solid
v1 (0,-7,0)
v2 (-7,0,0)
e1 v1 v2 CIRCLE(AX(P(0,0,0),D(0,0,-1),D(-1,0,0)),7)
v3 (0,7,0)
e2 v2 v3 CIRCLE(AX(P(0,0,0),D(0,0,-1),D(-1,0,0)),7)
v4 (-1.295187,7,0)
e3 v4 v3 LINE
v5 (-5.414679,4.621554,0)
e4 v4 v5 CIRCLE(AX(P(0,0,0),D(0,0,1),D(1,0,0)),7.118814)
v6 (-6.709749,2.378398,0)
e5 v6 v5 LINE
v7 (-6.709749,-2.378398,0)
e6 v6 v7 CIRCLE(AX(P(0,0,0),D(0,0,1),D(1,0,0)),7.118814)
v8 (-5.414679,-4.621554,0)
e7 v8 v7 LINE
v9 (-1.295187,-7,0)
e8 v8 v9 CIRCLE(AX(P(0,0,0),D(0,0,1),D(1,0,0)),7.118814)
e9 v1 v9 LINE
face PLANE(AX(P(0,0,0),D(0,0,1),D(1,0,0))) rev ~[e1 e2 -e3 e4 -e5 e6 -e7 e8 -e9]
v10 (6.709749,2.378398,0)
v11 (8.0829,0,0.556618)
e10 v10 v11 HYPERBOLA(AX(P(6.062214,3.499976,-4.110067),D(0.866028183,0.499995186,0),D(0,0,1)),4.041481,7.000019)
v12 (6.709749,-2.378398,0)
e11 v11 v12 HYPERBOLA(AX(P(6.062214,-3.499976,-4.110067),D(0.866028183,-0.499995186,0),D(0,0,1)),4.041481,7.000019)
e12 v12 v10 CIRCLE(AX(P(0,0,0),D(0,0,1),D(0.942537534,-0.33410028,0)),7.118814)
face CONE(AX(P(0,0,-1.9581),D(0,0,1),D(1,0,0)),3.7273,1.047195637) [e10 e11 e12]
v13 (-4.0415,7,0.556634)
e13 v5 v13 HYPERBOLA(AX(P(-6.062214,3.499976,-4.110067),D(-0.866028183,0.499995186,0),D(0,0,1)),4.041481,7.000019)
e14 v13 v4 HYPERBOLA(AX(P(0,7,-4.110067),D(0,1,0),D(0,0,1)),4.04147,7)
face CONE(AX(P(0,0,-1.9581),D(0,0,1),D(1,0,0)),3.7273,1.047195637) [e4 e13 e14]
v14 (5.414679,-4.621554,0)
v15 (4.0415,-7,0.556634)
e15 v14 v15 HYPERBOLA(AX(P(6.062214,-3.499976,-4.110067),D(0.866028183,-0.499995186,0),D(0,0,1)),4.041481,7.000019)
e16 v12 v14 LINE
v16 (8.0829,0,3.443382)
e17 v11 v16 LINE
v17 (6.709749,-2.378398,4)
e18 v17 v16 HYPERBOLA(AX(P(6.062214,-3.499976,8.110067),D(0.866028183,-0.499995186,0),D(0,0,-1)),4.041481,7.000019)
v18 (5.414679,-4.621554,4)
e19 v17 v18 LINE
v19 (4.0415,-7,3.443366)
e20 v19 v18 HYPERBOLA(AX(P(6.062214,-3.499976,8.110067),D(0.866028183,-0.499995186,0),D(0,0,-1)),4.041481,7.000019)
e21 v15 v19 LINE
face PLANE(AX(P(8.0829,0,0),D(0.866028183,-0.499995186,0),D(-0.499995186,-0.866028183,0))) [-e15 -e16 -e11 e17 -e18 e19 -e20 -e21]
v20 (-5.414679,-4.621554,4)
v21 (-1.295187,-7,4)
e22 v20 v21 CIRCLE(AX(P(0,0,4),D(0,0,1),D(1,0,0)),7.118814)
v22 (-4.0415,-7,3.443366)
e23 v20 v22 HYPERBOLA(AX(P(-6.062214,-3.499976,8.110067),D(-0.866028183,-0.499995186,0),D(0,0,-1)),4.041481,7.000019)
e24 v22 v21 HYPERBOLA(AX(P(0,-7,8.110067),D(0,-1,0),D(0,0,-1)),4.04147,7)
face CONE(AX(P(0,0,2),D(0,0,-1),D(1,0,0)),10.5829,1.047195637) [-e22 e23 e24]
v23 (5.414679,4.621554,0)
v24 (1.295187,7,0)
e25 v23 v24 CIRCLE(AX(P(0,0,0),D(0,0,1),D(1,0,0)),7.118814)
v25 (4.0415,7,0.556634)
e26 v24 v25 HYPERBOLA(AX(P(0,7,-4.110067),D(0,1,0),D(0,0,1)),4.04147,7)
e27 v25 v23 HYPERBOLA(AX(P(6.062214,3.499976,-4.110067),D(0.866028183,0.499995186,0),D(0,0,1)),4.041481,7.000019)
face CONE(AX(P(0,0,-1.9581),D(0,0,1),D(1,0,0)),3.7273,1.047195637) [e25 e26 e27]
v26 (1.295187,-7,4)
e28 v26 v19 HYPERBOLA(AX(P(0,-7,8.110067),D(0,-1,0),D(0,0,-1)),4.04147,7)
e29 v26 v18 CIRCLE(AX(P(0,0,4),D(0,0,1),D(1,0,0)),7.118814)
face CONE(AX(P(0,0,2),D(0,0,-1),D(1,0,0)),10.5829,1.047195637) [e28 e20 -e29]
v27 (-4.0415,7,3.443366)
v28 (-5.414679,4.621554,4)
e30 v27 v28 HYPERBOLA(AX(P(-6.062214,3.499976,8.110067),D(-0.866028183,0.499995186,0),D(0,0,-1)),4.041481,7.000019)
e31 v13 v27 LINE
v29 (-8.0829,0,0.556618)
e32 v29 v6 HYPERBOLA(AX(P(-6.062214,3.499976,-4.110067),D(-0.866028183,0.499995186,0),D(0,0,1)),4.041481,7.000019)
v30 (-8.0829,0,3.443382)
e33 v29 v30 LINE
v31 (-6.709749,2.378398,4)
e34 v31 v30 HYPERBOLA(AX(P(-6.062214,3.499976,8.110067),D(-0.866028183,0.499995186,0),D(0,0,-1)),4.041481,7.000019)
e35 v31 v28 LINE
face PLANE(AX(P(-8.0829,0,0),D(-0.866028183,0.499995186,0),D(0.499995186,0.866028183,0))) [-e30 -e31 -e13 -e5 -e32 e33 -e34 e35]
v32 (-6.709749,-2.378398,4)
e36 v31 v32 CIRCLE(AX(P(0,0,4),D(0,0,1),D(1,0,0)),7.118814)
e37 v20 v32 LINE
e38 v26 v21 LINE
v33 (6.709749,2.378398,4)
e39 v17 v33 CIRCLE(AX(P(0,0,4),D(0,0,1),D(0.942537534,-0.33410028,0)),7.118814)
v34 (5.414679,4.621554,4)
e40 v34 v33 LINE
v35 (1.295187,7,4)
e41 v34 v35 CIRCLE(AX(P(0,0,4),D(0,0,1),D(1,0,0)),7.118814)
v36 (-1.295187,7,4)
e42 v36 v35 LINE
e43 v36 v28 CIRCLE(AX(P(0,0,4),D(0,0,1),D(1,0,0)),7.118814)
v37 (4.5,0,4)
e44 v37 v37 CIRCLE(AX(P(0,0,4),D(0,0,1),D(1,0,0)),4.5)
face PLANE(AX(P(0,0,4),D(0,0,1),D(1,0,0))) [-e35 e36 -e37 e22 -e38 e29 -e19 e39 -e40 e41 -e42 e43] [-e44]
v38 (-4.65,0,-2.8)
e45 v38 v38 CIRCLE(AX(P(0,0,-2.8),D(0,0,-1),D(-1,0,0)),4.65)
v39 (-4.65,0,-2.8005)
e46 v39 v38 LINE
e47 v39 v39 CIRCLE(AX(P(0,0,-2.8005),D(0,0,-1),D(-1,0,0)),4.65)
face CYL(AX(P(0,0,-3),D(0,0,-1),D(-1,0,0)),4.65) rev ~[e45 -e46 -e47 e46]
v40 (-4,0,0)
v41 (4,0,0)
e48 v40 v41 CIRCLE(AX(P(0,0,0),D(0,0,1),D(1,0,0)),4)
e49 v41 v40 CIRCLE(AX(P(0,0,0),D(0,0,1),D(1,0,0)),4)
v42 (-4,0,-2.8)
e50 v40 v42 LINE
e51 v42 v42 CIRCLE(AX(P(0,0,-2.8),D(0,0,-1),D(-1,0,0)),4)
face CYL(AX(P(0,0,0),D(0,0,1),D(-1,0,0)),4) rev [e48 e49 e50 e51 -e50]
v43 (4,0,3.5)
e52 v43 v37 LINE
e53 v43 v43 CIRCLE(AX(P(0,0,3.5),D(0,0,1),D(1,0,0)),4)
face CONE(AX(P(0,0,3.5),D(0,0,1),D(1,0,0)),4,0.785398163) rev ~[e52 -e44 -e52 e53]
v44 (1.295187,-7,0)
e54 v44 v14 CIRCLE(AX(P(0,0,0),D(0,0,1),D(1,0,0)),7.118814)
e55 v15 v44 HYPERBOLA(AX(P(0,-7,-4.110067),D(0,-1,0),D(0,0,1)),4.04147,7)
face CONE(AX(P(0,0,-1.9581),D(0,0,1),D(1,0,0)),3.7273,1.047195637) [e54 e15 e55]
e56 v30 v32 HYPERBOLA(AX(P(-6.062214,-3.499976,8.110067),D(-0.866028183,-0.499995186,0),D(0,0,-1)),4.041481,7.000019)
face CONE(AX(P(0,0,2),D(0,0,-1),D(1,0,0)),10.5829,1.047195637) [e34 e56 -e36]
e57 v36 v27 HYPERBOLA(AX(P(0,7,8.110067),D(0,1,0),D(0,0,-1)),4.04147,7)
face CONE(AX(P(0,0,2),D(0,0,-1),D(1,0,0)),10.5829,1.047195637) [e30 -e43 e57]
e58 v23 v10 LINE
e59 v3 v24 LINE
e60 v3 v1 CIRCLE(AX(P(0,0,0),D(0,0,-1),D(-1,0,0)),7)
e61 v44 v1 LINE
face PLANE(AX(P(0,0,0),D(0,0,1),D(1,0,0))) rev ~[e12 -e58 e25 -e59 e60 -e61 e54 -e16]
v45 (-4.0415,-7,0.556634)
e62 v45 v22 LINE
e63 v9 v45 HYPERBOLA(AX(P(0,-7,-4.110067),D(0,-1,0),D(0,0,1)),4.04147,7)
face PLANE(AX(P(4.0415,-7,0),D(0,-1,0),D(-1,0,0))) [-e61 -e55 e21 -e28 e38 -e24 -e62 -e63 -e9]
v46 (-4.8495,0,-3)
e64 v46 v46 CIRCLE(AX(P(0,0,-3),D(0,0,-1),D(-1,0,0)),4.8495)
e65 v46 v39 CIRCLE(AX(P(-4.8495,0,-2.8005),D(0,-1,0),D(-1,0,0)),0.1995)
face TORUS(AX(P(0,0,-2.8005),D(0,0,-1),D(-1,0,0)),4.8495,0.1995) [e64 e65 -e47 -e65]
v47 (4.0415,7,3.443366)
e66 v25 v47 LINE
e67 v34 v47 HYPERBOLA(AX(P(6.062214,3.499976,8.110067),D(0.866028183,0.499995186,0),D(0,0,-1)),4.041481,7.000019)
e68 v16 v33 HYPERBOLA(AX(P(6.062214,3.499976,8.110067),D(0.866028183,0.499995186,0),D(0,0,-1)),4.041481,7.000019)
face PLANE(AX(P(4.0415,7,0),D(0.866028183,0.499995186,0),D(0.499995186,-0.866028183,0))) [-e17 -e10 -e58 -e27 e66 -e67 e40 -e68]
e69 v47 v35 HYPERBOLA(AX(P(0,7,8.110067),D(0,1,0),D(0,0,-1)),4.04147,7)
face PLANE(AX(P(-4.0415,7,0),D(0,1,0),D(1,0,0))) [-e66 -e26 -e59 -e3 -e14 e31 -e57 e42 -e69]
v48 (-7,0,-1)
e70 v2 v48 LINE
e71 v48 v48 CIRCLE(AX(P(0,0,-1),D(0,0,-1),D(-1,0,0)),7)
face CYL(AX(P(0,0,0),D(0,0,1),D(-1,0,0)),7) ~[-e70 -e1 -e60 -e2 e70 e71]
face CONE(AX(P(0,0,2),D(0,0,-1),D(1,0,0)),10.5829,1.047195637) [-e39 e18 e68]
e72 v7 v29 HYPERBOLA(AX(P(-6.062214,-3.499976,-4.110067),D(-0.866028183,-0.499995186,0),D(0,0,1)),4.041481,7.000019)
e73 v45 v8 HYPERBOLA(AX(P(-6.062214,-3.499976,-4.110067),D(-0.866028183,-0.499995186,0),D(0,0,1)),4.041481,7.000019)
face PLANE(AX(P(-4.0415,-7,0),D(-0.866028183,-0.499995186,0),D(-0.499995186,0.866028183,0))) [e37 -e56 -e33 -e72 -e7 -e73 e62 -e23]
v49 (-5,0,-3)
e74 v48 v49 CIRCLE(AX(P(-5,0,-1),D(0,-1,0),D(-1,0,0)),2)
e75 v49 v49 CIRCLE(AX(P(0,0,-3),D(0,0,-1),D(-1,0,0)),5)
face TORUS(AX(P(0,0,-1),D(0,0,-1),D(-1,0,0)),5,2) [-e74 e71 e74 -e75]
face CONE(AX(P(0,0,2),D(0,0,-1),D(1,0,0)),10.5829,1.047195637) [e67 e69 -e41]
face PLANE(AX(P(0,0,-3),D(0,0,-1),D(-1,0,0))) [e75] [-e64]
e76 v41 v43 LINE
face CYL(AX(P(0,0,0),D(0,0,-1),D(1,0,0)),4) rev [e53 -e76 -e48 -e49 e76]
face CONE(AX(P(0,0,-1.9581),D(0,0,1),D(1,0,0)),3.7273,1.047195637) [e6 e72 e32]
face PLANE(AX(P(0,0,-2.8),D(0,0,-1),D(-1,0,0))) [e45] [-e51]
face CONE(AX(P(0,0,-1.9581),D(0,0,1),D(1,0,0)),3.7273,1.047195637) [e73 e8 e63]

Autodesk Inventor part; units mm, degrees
ref_plane "YZ Plane" through (0, 0, 0) normal (1, 0, 0) x (0, 1, 0)
ref_plane "XZ Plane" through (0, 0, 0) normal (0, 1, 0) x (-1, 0, 0)
ref_plane "XY Plane" through (0, 0, 0) normal (0, 0, 1) x (1, 0, 0)
sketch "Эскиз1" plane through (0, 0, 0) normal (0, 0, 1) x (1, 0, 0)
  circle A0 centre (0, 0) radius 4
  line L0 (8.0829, 0) -> (4.0415, -7)
  line L1 (4.0415, -7) -> (-4.0415, -7)
  line L2 (-4.0415, -7) -> (-8.0829, 0)
  line L3 (-8.0829, 0) -> (-4.0415, 7)
  line L4 (-4.0415, 7) -> (4.0415, 7)
  line L5 (4.0415, 7) -> (8.0829, 0)
  dimension "d0" = 8
  dimension "d1" = 14
extrude "Выдавливание1" add sketch "Эскиз1" along normal blind 4
sketch "Эскиз2" plane through (0, 0, 0) normal (0, 1, 0) x (-1, 0, 0)
  line L0 (0, 0) -> (0, 12.9838)
  line L1 (-4.0415, 0) -> (-8.0829, 0) construction
  line L2 (-8.0829, 0) -> (-8.0829, 4) construction
  line L3 (-8.0829, 4) -> (-4.0415, 4) construction
  line L4 (-3.7273, -1.9581) -> (-10.5829, 2)
  line L5 (-10.5829, 2) -> (-3.7273, 5.9581)
  line L6 (-3.7273, 5.9581) -> (-11.5829, 5.9581)
  line L7 (-11.5829, 5.9581) -> (-11.5829, -1.9581)
  line L8 (-11.5829, -1.9581) -> (-3.7273, -1.9581)
  line L9 (-8.0829, 2) -> (-29.2681, 2) construction
  point P0 (-11.5829, 2)
  dimension "d4" = 60
  dimension "d5" = 1
  dimension "d6" = 3.5
revolve "Вращение1" cut sketch "Эскиз2" angle 360 about axis through (0, 0, 0) along (0, 0, 1)
sketch "Эскиз3" plane through (0, 0, 0) normal (0, 0, -1) x (-1, 0, 0)
  line L0 (5.4146, -4.6216) -> (6.7097, -2.3784) construction
  circle A0 centre (0, 0) radius 7
  circle A1 centre (0, 0) radius 4 projected
extrude "Выдавливание2" add sketch "Эскиз3" along normal blind 3
fillet "Сопряжение1" radius 2 1 edges at (7, 0, -3)
sketch "Эскиз4" plane through (0, 0, -3) normal (0, 0, -1) x (-1, 0, 0)
  circle A0 centre (0, 0) radius 4 projected
  circle A1 centre (0, 0) radius 4.65
  dimension "d14" = 9.3
extrude "Выдавливание3" cut sketch "Эскиз4" against normal blind 0.2
fillet "Сопряжение2" radius 0.2 1 edges at (4.65, 0, -3)
chamfer "Фаска2" distance 0.5 angle 45 1 edges at (-4, 0, 4)
properties part number "paris_nut"
